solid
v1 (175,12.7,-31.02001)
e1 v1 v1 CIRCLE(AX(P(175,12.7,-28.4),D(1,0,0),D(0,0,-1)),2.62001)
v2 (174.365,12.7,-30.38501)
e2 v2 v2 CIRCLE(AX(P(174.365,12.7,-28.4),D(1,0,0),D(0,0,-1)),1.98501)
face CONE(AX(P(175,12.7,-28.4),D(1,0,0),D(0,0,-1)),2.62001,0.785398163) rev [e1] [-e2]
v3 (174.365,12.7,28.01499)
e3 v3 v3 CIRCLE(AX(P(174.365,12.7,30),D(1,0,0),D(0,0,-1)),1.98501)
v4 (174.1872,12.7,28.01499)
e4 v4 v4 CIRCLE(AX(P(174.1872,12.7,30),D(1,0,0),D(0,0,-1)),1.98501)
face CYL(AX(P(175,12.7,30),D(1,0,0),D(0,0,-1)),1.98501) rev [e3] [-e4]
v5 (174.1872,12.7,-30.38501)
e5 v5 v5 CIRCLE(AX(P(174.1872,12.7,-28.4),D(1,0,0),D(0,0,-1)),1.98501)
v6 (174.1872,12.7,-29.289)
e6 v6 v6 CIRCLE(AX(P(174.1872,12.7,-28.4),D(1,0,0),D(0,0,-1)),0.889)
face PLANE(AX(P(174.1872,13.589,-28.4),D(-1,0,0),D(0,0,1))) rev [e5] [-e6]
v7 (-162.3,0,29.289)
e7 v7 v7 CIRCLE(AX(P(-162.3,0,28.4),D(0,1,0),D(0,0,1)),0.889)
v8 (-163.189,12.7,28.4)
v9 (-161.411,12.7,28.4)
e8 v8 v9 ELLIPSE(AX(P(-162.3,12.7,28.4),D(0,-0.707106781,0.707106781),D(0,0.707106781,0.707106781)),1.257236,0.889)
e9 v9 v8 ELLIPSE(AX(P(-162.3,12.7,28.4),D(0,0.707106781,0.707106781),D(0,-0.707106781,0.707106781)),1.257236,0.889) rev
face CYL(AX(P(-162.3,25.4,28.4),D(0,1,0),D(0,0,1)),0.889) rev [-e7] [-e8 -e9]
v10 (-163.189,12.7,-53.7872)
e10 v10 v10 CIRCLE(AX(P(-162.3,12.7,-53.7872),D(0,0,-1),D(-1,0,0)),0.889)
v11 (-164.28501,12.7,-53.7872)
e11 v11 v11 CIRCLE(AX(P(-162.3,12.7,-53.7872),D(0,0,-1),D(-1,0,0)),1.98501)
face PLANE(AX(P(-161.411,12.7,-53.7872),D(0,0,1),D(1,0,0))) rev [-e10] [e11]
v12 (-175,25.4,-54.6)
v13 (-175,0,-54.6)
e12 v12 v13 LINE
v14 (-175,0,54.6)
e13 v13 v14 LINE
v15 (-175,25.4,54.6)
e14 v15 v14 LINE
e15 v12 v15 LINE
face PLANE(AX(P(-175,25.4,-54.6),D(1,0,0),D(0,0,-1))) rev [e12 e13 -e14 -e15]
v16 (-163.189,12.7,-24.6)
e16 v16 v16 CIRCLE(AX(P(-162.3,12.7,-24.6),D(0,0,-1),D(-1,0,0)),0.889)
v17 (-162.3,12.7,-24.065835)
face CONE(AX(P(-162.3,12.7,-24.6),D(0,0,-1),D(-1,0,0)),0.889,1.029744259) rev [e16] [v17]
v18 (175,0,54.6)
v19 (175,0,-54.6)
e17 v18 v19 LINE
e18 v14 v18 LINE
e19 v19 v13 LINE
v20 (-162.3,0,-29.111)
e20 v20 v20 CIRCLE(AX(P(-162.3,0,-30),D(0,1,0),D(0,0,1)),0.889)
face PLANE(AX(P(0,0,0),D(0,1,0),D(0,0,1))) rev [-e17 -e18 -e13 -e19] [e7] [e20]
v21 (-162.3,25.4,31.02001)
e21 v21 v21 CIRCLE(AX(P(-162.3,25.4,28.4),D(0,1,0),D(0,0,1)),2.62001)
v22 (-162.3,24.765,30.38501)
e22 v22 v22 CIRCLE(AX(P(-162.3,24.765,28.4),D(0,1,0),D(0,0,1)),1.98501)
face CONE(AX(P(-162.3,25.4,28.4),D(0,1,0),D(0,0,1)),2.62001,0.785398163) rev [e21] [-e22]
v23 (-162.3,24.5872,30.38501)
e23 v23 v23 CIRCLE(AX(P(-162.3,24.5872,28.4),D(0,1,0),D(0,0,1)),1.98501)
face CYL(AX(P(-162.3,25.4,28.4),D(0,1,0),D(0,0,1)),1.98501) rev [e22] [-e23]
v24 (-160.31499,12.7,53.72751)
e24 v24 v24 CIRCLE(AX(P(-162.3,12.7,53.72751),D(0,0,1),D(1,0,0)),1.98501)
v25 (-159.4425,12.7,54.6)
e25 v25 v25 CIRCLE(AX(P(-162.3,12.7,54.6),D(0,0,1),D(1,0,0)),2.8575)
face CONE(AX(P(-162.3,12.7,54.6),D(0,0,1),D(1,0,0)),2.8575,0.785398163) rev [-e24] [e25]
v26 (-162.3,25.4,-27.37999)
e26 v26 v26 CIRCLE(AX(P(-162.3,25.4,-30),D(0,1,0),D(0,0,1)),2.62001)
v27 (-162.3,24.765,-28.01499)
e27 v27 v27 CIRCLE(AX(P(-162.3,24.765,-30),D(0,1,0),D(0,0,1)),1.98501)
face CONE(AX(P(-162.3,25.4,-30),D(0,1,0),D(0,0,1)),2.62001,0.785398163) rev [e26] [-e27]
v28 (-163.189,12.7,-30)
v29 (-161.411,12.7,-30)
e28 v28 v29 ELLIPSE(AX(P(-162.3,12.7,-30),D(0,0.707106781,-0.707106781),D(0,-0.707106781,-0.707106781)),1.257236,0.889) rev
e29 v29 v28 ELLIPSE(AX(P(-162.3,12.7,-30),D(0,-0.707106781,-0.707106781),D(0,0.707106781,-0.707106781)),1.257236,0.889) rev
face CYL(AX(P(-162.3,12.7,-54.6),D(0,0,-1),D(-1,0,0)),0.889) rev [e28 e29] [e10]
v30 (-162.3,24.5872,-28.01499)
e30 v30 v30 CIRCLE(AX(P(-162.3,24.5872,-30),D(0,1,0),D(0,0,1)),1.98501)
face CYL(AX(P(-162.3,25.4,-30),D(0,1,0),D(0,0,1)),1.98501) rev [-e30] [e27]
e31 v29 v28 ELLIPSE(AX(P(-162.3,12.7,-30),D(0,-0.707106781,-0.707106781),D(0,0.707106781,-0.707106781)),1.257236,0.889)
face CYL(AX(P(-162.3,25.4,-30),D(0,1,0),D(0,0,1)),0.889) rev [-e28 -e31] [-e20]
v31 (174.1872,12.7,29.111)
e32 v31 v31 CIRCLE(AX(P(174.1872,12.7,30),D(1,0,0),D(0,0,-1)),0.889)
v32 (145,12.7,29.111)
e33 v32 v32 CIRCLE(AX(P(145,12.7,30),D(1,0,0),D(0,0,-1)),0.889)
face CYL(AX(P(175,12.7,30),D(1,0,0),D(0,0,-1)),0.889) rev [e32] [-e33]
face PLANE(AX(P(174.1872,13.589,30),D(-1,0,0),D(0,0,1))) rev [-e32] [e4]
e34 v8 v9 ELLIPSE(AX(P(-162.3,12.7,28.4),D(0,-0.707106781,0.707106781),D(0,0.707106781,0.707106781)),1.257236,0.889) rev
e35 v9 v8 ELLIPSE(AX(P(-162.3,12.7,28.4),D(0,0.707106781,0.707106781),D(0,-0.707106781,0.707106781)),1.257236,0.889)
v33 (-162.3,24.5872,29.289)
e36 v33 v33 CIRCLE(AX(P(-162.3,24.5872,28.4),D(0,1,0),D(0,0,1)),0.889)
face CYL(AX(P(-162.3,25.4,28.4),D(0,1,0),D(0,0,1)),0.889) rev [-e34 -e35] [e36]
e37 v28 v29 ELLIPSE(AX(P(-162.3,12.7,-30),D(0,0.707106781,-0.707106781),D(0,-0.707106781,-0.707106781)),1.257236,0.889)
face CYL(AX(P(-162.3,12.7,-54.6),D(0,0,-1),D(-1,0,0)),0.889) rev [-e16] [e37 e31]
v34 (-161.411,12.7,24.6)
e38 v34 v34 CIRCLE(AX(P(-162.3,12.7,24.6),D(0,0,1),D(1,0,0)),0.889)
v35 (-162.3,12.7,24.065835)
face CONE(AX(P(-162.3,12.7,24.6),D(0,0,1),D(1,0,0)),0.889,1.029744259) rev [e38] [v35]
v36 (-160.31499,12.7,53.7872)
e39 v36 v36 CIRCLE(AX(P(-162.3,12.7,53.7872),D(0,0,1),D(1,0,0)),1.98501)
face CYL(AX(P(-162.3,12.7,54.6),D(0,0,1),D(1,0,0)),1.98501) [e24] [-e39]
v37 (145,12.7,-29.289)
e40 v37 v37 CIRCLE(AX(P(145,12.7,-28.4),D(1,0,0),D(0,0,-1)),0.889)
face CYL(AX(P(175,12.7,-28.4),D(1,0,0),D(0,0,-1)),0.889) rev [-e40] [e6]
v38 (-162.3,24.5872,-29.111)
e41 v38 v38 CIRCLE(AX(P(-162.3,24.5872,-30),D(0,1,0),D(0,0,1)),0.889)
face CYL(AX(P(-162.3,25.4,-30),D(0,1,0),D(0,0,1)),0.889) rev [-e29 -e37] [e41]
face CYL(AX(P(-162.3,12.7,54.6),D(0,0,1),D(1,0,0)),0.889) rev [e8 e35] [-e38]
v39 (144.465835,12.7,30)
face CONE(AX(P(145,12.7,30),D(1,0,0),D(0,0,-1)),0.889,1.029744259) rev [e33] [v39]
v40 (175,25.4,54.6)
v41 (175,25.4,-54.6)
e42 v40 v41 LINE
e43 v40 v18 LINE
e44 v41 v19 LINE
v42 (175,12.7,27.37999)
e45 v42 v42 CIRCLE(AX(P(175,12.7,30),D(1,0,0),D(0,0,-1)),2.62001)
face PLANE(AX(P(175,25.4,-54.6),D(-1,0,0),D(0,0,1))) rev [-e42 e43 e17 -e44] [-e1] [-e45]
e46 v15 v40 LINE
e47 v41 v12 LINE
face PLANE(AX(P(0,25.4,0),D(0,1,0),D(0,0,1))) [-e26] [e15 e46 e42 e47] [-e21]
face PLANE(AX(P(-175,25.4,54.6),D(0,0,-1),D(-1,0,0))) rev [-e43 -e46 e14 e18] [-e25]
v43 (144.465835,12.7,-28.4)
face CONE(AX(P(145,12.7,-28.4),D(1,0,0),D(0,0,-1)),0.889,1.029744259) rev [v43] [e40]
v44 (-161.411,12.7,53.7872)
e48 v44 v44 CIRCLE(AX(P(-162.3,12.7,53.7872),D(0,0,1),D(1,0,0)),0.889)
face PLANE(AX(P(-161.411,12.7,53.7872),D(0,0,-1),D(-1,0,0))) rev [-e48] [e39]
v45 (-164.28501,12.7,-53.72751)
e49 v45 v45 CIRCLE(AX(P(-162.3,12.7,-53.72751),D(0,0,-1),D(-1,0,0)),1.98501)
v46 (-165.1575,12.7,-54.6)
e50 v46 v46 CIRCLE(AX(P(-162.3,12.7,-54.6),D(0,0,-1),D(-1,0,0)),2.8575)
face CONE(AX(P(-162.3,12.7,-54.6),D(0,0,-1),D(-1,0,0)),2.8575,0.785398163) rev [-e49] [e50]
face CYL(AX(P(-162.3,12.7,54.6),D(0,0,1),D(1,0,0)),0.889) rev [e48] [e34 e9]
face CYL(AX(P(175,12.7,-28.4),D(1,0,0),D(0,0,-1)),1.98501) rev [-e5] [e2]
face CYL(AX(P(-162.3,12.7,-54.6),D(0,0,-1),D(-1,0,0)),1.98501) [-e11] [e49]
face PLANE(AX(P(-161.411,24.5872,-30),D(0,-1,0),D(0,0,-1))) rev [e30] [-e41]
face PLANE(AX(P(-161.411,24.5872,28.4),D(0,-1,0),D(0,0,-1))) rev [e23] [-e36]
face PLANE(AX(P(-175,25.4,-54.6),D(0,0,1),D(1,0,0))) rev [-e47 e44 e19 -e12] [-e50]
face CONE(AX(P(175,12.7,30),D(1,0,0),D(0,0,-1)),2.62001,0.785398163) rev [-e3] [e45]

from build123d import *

# Parameters (mm, degrees)
SKETCH1_W                                   = 350
SKETCH1_H                                   = 109.2
BOSS_EXTRUDE1_DEPTH                         = 25.4
CBORE_FOR_0_BINDING_HEAD_MACHINE_SC_2_COUNT = 2
CBORE_FOR_0_BINDING_HEAD_MACHINE_SC_2_PITCH = 58.4
CBORE_FOR_0_BINDING_HEAD_MACHINE_SC_3_COUNT = 2
CBORE_FOR_0_BINDING_HEAD_MACHINE_SC_3_PITCH = 58.4


with BuildPart() as part:
    # Sketch1 → Boss-Extrude1 (new body)
    with BuildSketch(Plane(origin=(0, 0, 0), x_dir=(1, 0, 0), z_dir=(0, 1, 0))):
        Rectangle(SKETCH1_W, SKETCH1_H)
    extrude(amount=BOSS_EXTRUDE1_DEPTH)

    # Sketch3 → CBORE for #0 Binding Head Machine Screw1 (revolve, cut)
    with BuildSketch(Plane(origin=(-162.3, 12.7, 54.6), x_dir=(0, -1, 0), z_dir=(1, 0, 0))):
        Polygon((0, 0), (0, 30.53416509), (0.889, 30), (0.889, 0.8128), (1.98501, 0.8128), (1.98501, 0.87249), (2.8575, 0), align=None)
    cbore_for_0_binding_head_machine_screw1 = revolve(axis=Axis((-162.3, 12.7, 60.95), (0, 0, -1)), mode=Mode.SUBTRACT)

    # Mirror1: CBORE for #0 Binding Head Machine Screw1 across plane
    add(cbore_for_0_binding_head_machine_screw1.mirror(Plane.XY), mode=Mode.SUBTRACT)

    # Sketch5 → CBORE for #0 Binding Head Machine Screw2 (revolve, cut)
    with BuildSketch(Plane(origin=(175, 12.7, 30), x_dir=(0, 0, -1), z_dir=(0, 1, 0))):
        Polygon((0, 0), (0, 30.53416509), (0.889, 30), (0.889, 0.8128), (1.98501, 0.8128), (1.98501, 0.635), (2.62001, 0), align=None)
    cbore_for_0_binding_head_machine_screw2 = revolve(axis=Axis((181.35, 12.7, 30), (-1, 0, 0)), mode=Mode.SUBTRACT)

    # CBORE for _0 Binding Head Machine Sc 2: CBORE for #0 Binding Head Machine Screw2 ×2
    with Locations(*[(0, 0, -i * CBORE_FOR_0_BINDING_HEAD_MACHINE_SC_2_PITCH) for i in range(1, CBORE_FOR_0_BINDING_HEAD_MACHINE_SC_2_COUNT)]):
        add(cbore_for_0_binding_head_machine_screw2, mode=Mode.SUBTRACT)

    # Sketch7 → CBORE for #0 Binding Head Machine Screw3 (revolve, cut)
    with BuildSketch(Plane(origin=(-162.3, 25.4, -30), x_dir=(0, 0, 1), z_dir=(1, 0, 0))):
        Polygon((0, 0), (0, 30.53416509), (0.889, 30), (0.889, 0.8128), (1.98501, 0.8128), (1.98501, 0.635), (2.62001, 0), align=None)
    cbore_for_0_binding_head_machine_screw3 = revolve(axis=Axis((-162.3, 31.75, -30), (0, -1, 0)), mode=Mode.SUBTRACT)

    # CBORE for _0 Binding Head Machine Sc 3: CBORE for #0 Binding Head Machine Screw3 ×2
    with Locations(*[(0, 0, i * CBORE_FOR_0_BINDING_HEAD_MACHINE_SC_3_PITCH) for i in range(1, CBORE_FOR_0_BINDING_HEAD_MACHINE_SC_3_COUNT)]):
        add(cbore_for_0_binding_head_machine_screw3, mode=Mode.SUBTRACT)


solid = part.part
